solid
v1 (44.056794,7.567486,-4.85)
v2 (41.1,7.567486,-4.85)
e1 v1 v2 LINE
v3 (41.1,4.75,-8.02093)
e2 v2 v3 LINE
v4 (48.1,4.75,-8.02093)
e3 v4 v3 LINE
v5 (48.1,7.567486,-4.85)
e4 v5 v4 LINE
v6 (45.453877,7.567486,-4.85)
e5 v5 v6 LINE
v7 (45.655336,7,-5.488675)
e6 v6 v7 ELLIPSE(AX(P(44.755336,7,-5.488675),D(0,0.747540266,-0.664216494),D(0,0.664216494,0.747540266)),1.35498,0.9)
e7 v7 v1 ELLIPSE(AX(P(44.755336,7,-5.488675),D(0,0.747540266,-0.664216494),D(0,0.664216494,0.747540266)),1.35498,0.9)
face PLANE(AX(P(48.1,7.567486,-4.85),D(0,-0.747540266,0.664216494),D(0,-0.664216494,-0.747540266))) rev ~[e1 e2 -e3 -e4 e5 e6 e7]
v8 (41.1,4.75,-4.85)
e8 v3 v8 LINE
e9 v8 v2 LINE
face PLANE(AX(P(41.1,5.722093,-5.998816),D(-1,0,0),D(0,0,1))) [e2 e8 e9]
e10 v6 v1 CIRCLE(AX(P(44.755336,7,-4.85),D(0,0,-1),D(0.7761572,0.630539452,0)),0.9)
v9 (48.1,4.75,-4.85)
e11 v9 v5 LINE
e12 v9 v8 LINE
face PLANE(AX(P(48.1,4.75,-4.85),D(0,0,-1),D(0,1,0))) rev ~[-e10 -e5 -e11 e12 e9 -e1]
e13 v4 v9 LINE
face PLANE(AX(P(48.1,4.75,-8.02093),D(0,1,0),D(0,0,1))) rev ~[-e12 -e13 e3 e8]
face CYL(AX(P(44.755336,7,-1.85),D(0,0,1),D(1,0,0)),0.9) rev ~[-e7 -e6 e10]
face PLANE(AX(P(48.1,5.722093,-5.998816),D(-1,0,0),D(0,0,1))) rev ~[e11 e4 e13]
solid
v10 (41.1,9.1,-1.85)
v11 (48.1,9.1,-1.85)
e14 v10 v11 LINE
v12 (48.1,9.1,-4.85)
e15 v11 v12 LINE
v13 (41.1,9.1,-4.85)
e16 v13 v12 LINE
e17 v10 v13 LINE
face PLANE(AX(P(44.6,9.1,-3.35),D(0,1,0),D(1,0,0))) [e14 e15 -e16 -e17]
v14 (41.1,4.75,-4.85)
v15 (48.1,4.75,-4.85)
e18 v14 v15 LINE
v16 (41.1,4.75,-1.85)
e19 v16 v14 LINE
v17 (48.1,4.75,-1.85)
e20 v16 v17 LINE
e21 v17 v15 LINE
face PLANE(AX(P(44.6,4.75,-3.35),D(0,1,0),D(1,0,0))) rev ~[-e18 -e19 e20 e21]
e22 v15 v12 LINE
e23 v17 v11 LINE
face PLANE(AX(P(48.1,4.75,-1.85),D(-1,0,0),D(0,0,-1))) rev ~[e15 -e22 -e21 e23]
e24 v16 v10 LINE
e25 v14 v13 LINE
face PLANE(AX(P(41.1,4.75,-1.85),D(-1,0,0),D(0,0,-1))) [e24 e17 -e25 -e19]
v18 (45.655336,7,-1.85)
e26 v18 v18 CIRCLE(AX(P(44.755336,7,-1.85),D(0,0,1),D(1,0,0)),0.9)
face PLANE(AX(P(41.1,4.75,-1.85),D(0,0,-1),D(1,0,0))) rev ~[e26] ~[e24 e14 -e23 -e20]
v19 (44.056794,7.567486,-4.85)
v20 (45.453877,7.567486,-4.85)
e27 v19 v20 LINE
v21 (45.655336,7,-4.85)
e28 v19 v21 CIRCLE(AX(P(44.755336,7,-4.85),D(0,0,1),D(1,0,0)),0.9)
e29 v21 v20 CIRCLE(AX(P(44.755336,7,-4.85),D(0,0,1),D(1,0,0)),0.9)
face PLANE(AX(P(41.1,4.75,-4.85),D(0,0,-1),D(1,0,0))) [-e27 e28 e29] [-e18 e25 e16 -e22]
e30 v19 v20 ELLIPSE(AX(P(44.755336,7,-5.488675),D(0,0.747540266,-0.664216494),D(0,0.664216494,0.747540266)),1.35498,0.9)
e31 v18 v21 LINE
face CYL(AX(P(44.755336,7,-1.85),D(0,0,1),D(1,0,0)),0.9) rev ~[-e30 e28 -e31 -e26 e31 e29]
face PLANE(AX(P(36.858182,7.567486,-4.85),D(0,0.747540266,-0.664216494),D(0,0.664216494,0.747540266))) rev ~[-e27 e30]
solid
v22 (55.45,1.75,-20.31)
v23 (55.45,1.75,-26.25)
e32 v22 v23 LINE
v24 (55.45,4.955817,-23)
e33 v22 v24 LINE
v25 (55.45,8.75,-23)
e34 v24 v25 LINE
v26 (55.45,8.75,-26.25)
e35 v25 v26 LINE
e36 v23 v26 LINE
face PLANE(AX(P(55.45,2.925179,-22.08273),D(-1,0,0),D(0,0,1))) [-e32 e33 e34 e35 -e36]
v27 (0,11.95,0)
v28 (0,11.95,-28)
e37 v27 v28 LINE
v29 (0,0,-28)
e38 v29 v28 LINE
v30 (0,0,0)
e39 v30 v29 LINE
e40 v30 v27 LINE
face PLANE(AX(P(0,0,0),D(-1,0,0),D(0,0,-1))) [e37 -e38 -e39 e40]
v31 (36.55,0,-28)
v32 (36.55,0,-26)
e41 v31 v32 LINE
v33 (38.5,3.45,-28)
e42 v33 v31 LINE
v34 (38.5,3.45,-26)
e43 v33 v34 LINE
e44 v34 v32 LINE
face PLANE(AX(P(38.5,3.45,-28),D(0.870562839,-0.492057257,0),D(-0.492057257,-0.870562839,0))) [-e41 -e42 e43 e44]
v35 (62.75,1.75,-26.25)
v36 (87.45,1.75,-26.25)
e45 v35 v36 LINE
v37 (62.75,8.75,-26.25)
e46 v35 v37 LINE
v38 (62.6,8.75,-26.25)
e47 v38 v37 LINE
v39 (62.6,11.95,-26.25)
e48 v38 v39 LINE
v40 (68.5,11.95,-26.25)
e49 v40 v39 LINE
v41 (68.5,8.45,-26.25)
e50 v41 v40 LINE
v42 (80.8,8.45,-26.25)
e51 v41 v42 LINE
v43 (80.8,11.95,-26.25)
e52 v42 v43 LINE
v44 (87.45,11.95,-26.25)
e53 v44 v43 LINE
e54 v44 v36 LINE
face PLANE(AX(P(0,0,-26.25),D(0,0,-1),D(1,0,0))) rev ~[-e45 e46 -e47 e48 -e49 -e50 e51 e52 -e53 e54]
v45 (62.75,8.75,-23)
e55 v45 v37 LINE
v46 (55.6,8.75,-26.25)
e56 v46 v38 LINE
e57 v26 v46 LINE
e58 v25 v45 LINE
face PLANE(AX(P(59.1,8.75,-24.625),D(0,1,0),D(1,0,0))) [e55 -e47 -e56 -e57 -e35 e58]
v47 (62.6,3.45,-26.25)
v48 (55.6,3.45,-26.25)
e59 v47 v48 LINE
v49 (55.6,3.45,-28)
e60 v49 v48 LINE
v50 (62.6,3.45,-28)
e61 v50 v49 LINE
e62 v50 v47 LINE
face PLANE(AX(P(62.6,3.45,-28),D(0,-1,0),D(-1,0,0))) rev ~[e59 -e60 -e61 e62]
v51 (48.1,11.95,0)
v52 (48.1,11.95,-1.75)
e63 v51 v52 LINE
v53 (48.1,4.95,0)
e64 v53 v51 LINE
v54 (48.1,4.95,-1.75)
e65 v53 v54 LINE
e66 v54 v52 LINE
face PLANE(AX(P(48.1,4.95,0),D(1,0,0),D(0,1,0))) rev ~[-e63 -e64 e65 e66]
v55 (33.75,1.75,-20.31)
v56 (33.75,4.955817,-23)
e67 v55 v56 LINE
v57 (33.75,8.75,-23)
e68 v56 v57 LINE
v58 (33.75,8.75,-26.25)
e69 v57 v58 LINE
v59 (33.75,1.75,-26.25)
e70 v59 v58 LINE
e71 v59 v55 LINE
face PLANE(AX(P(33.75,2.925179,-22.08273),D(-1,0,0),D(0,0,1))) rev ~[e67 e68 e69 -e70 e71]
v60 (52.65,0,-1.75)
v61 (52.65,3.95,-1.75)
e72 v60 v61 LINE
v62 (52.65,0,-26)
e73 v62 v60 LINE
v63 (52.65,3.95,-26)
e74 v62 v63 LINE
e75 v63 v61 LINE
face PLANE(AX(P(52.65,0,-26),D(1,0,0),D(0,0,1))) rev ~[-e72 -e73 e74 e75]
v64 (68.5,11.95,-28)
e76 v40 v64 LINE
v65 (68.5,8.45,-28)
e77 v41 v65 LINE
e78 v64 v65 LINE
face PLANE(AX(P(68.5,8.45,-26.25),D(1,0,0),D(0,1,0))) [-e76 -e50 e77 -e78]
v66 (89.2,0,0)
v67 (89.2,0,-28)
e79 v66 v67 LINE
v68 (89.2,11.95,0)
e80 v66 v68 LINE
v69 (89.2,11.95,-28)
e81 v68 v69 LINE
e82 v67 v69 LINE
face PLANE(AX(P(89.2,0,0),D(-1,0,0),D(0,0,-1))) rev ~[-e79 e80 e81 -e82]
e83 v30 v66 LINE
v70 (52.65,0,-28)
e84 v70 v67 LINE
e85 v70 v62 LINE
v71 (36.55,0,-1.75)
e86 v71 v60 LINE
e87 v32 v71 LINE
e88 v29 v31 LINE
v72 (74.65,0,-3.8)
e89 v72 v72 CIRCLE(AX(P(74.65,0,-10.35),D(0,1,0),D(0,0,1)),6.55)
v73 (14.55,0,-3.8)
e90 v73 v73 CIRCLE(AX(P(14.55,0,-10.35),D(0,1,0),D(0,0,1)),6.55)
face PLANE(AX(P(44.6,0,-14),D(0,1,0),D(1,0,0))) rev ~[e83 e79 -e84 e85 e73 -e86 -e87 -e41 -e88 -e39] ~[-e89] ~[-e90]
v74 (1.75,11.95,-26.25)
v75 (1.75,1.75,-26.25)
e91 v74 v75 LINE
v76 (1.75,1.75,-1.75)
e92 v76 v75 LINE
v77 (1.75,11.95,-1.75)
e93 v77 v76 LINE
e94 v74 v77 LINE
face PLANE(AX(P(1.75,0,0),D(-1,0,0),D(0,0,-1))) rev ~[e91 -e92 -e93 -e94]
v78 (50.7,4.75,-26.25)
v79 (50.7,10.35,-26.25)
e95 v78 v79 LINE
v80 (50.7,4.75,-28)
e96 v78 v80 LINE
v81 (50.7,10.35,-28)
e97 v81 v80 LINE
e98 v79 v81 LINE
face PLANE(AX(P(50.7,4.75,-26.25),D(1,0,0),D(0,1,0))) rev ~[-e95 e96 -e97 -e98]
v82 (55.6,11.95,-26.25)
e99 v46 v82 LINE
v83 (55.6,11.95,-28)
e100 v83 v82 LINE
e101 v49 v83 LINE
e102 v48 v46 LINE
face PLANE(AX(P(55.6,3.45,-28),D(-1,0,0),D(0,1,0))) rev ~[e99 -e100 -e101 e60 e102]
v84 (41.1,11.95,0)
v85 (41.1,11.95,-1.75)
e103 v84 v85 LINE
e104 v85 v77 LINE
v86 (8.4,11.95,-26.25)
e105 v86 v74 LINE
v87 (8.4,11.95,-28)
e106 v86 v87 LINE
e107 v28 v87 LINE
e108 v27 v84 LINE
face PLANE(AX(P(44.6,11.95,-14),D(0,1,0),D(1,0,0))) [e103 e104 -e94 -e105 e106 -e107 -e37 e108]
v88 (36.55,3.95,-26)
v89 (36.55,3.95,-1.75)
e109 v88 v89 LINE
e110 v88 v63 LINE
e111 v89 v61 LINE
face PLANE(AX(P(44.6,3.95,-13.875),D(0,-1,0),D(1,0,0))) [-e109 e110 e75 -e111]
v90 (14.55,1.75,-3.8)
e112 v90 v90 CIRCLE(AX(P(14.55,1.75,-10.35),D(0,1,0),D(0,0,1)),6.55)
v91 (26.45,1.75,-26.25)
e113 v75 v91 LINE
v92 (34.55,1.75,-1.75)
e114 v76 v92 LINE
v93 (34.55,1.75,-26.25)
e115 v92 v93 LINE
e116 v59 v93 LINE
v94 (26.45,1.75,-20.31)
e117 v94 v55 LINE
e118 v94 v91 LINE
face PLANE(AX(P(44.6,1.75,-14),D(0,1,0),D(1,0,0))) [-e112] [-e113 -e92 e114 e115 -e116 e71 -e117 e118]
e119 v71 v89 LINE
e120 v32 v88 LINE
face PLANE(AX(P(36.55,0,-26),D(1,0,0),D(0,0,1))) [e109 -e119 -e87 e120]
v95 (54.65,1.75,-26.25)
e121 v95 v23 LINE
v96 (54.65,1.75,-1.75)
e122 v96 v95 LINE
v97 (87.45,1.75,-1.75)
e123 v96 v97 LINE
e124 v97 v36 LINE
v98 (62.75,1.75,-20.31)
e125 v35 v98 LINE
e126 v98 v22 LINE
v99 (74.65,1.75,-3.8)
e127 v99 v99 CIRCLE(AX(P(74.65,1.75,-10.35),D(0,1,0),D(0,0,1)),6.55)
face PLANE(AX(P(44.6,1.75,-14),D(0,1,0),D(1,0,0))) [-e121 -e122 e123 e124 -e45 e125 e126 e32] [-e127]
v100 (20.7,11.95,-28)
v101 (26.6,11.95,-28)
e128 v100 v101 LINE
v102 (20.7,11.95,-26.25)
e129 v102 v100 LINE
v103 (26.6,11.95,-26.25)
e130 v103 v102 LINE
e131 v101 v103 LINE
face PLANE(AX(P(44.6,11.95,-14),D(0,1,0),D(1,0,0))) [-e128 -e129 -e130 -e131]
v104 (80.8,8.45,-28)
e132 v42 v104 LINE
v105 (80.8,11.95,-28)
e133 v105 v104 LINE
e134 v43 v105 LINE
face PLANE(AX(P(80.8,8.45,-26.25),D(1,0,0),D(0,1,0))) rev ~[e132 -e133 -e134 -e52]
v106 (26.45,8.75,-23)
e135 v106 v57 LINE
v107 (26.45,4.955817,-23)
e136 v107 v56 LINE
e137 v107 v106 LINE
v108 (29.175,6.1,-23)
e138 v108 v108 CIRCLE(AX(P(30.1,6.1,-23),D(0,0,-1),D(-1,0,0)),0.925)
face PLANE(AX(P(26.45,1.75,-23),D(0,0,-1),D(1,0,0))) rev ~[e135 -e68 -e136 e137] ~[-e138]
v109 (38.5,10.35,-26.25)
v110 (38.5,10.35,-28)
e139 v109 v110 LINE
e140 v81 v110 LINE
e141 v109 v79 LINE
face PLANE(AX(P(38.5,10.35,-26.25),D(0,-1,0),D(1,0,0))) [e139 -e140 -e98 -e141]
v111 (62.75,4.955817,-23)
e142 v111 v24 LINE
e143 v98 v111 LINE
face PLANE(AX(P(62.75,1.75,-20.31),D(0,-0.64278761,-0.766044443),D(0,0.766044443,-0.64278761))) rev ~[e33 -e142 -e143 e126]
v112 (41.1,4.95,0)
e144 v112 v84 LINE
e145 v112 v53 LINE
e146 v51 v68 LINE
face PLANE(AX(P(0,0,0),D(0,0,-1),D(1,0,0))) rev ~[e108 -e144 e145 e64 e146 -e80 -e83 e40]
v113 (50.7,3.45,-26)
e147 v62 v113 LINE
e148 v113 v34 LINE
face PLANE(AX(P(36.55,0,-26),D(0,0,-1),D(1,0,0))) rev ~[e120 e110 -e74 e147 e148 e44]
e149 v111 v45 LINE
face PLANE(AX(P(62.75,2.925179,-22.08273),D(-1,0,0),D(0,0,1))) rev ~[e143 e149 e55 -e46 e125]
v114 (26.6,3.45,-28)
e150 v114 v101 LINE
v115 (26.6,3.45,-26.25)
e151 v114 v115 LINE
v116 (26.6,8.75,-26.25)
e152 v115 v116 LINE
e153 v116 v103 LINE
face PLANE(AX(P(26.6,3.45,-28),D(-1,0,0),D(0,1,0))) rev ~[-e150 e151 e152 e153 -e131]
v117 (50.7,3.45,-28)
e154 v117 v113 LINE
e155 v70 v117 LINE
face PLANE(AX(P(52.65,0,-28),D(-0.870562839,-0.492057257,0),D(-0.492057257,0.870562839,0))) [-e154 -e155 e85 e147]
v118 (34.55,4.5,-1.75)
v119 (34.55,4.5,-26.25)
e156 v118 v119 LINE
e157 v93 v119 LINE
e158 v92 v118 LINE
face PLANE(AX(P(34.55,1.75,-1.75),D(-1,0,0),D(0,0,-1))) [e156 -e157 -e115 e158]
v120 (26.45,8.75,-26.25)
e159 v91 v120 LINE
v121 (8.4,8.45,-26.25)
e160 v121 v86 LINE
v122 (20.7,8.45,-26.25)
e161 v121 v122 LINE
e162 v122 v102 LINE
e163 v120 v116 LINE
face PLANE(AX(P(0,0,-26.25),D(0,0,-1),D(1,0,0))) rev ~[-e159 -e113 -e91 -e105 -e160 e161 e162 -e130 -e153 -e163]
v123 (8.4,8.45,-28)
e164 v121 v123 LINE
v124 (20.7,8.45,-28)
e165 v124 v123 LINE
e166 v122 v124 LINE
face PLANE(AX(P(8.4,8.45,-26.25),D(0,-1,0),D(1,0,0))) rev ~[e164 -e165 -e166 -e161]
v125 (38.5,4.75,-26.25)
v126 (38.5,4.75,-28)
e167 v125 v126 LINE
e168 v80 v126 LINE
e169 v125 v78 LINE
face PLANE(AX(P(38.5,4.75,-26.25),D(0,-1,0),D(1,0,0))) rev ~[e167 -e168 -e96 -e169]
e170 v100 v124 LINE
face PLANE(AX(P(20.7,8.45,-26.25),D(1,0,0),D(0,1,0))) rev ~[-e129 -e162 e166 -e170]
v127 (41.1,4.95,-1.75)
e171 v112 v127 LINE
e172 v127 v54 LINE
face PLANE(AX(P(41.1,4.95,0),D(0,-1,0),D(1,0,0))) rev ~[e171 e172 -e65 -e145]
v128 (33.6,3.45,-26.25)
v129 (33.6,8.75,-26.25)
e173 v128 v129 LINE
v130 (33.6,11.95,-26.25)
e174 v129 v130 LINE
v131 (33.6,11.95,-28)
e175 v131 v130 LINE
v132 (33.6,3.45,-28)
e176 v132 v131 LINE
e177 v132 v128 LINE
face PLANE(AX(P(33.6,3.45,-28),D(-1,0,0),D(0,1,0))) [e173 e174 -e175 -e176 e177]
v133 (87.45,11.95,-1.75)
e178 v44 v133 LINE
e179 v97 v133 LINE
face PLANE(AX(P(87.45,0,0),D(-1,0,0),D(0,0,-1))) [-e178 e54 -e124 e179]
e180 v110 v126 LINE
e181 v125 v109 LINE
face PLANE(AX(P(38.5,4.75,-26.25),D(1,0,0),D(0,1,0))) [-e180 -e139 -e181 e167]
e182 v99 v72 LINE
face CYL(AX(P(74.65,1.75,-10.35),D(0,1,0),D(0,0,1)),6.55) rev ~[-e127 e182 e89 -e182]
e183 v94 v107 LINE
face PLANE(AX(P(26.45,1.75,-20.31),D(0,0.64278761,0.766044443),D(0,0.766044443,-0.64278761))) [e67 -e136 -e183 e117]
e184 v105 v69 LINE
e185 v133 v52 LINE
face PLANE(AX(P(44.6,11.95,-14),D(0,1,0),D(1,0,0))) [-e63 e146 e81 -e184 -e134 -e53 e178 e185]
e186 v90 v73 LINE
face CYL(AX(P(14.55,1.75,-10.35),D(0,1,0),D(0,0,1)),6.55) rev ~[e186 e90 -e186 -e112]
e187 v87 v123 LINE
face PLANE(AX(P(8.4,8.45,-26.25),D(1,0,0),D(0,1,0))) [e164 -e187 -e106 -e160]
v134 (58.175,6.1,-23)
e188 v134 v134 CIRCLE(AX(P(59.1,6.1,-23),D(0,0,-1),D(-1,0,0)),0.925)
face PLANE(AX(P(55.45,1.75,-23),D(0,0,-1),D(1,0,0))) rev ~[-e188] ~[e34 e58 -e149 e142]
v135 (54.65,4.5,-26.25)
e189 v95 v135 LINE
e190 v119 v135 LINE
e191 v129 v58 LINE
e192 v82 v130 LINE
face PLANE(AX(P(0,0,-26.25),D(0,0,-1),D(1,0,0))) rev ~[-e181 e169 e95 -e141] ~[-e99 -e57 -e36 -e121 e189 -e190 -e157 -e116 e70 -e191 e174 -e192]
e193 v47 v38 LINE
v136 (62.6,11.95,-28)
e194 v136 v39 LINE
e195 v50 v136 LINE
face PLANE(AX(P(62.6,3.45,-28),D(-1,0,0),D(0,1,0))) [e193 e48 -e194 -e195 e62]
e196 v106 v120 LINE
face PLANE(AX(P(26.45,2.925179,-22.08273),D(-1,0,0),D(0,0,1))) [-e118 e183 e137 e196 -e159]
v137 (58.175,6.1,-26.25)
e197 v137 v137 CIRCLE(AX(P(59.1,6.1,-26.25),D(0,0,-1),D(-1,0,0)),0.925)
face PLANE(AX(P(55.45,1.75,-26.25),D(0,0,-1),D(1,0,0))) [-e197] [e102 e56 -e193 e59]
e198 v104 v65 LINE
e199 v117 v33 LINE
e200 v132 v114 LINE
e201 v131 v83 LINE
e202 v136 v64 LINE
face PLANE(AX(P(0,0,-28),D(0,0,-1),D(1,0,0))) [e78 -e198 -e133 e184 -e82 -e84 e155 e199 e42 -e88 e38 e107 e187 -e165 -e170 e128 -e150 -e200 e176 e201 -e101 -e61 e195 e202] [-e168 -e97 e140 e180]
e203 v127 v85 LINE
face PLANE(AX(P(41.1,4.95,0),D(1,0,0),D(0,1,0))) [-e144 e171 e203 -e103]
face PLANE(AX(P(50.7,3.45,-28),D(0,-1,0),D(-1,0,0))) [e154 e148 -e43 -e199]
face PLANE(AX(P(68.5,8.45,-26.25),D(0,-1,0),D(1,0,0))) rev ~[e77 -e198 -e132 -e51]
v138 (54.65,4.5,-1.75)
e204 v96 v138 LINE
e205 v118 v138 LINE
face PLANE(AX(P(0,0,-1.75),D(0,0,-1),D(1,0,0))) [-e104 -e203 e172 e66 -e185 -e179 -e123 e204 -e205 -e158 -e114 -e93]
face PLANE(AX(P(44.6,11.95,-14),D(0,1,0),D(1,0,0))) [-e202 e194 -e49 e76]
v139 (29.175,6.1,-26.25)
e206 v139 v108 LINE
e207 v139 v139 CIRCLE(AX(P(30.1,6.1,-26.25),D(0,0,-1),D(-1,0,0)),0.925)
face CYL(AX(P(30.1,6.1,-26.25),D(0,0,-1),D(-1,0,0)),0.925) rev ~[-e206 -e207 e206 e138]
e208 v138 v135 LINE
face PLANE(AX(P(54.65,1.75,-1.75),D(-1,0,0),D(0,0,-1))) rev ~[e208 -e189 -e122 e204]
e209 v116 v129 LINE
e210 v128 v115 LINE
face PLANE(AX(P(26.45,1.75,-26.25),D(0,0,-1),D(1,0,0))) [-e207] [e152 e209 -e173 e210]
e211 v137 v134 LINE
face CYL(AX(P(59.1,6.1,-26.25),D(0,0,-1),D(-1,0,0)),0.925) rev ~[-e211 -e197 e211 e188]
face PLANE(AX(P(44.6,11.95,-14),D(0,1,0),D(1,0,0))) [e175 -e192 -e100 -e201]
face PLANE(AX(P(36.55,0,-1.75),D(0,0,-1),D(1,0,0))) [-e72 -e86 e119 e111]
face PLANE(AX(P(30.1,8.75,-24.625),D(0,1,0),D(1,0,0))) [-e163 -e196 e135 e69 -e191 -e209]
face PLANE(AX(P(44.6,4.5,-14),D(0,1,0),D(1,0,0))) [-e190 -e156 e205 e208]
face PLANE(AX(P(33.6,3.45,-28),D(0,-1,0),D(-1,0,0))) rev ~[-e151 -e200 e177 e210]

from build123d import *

# Parameters (mm, degrees)
SKETCH1_W            = 89.2
SKETCH1_H            = 28
BOSS_EXTRUDE1_DEPTH  = 11.95
SHELL1_T             = -1.75
SKETCH2_R            = 6.55
CUT_EXTRUDE1_DEPTH   = 95.04615888
SKETCH3_W            = 12.3
SKETCH3_H            = 3.5
CUT_EXTRUDE2_DEPTH   = 11.95
SKETCH4_W            = 12.2
SKETCH4_H            = 5.6
CUT_EXTRUDE3_DEPTH   = 11.95
SKETCH5_W            = 20.1
SKETCH5_H            = 24.5
BOSS_EXTRUDE2_DEPTH  = 2.75
SKETCH6_W            = 16.1
SKETCH6_H            = 24.25
CUT_EXTRUDE4_DEPTH   = 3.95
CUT_EXTRUDE6_DEPTH   = 2
CUT_EXTRUDE10_REACH  = 96.252
SKETCH14_W           = 7
SKETCH14_H           = 7
SKETCH15_W           = 7
SKETCH15_H           = 3
BOSS_EXTRUDE3_DEPTH  = 4.35
BOSS_EXTRUDE5_DEPTH  = 7
SKETCH17_W           = 7
SKETCH17_H           = 8.5
CUT_EXTRUDE11_DEPTH  = 1.75
SKETCH18_W           = 7.3
SKETCH18_H           = 3.25
BOSS_EXTRUDE6_DEPTH  = 7
SKETCH20_R           = 0.925
CUT_EXTRUDE12_DEPTH  = 3.25
CUT_EXTRUDE14_REACH  = 95.719
SKETCH26_R           = 0.9
BOSS_EXTRUDE9_DEPTH  = 7.3
BOSS_EXTRUDE10_DEPTH = 7.3


with BuildPart() as part:
    # Sketch1 → Boss-Extrude1 (new body)
    with BuildSketch(Plane(origin=(0, 0, 0), x_dir=(1, 0, 0), z_dir=(0, 1, 0))):
        with Locations((44.6, 14)):
            Rectangle(SKETCH1_W, SKETCH1_H)
    extrude(amount=BOSS_EXTRUDE1_DEPTH)

    # Shell1
    shell1_openings = [part.faces().sort_by_distance(p)[0] for p in [
        (44.6, 11.95, -14),
    ]]
    offset(amount=SHELL1_T, openings=shell1_openings, kind=Kind.INTERSECTION)

    # Sketch2 → Cut-Extrude1 (cut, through all)
    with BuildSketch(Plane(origin=(0, 1.75, 0), x_dir=(1, 0, 0), z_dir=(0, 1, 0))):
        with Locations(Location((14.55, 10.35, 0), (0, 0, 270))):
            Circle(SKETCH2_R)
        with Locations(Location((74.65, 10.35, 0), (0, 0, 270))):
            Circle(SKETCH2_R)
    extrude(amount=-CUT_EXTRUDE1_DEPTH, mode=Mode.SUBTRACT)

    # Sketch3 → Cut-Extrude2 (cut)
    with BuildSketch(Plane.XY.offset(-26.25)):
        with Locations((14.55, 10.2)):
            Rectangle(SKETCH3_W, SKETCH3_H)
        with Locations((74.65, 10.2)):
            Rectangle(SKETCH3_W, SKETCH3_H)
    extrude(amount=-CUT_EXTRUDE2_DEPTH, mode=Mode.SUBTRACT)

    # Sketch4 → Cut-Extrude3 (cut)
    with BuildSketch(Plane.XY.offset(-26.25)):
        with Locations((44.6, 7.55)):
            Rectangle(SKETCH4_W, SKETCH4_H)
    extrude(amount=-CUT_EXTRUDE3_DEPTH, mode=Mode.SUBTRACT)

    # Sketch5 → Boss-Extrude2 (add)
    with BuildSketch(Plane(origin=(0, 1.75, 0), x_dir=(1, 0, 0), z_dir=(0, 1, 0))):
        with Locations((44.6, 14)):
            Rectangle(SKETCH5_W, SKETCH5_H)
    extrude(amount=BOSS_EXTRUDE2_DEPTH)

    # Sketch6 → Cut-Extrude4 (cut)
    with BuildSketch(Plane.XZ):
        with Locations((44.6, -13.875)):
            Rectangle(SKETCH6_W, SKETCH6_H)
    extrude(amount=-CUT_EXTRUDE4_DEPTH, mode=Mode.SUBTRACT)

    # Sketch8 → Cut-Extrude6 (cut)
    with BuildSketch(Plane(origin=(0, 0, -28), x_dir=(-1, 0, 0), z_dir=(0, 0, -1))):
        Polygon((-50.7, 3.45), (-38.5, 3.45), (-36.55, 0), (-52.65, 0), align=None)
    extrude(amount=-CUT_EXTRUDE6_DEPTH, mode=Mode.SUBTRACT)

    # Sketch14 → Cut-Extrude10 (cut, up to next)
    with BuildSketch(Plane.XY, mode=Mode.PRIVATE) as cut_extrude10_sk1:
        with Locations((44.6, 8.45)):
            Rectangle(SKETCH14_W, SKETCH14_H)
    cut_extrude10_tool1 = extrude(cut_extrude10_sk1.sketch, amount=-CUT_EXTRUDE10_REACH, mode=Mode.PRIVATE) & part.part
    add(cut_extrude10_tool1.solids().sort_by_distance((44.6, 8.45, 0))[0], mode=Mode.SUBTRACT)

    # Sketch17 → Cut-Extrude11 (cut)
    with BuildSketch(Plane(origin=(0, 0, -28), x_dir=(-1, 0, 0), z_dir=(0, 0, -1))):
        with Locations((-59.1, 7.7)):
            Rectangle(SKETCH17_W, SKETCH17_H)
        with Locations((-30.1, 7.7)):
            Rectangle(SKETCH17_W, SKETCH17_H)
    extrude(amount=-CUT_EXTRUDE11_DEPTH, mode=Mode.SUBTRACT)

    # Sketch18 → Boss-Extrude6 (add)
    with BuildSketch(Plane(origin=(0, 1.75, 0), x_dir=(1, 0, 0), z_dir=(0, 1, 0))):
        with Locations((59.1, 24.625)):
            Rectangle(SKETCH18_W, SKETCH18_H)
        with Locations((30.1, 24.625)):
            Rectangle(SKETCH18_W, SKETCH18_H)
    extrude(amount=BOSS_EXTRUDE6_DEPTH)

    # Sketch20 → Cut-Extrude12 (cut)
    with BuildSketch(Plane(origin=(0, 0, -26.25), x_dir=(-1, 0, 0), z_dir=(0, 0, -1))):
        with Locations((-59.1, 6.1)):
            Circle(SKETCH20_R)
        with Locations((-30.1, 6.1)):
            Circle(SKETCH20_R)
    extrude(amount=-CUT_EXTRUDE12_DEPTH, mode=Mode.SUBTRACT)

    # Sketch27 → Boss-Extrude9 (add)
    with BuildSketch(Plane.ZY.offset(-26.45)):
        Polygon((-23, 1.75), (-20.31, 1.75), (-23, 4.955817164), align=None)
    extrude(amount=-BOSS_EXTRUDE9_DEPTH)

    # Sketch28 → Boss-Extrude10 (add)
    with BuildSketch(Plane(origin=(62.75, 0, 0), x_dir=(0, 0, -1), z_dir=(1, 0, 0))):
        Polygon((23, 1.75), (20.31, 1.75), (23, 4.955817164), align=None)
    extrude(amount=-BOSS_EXTRUDE10_DEPTH)


with BuildPart() as body_2:
    # Sketch15 → Boss-Extrude3 (new body)
    with BuildSketch(Plane(origin=(0, 4.75, 0), x_dir=(1, 0, 0), z_dir=(0, 1, 0))):
        with Locations((44.6, 3.35)):
            Rectangle(SKETCH15_W, SKETCH15_H)
    extrude(amount=BOSS_EXTRUDE3_DEPTH)


with BuildPart() as body_3:
    # Sketch16 → Boss-Extrude5 (new body)
    with BuildSketch(Plane(origin=(48.1, 0, 0), x_dir=(0, 0, -1), z_dir=(1, 0, 0))):
        Polygon((4.85, 7.567485507), (8.020929785, 4.75), (4.85, 4.75), align=None)
    extrude(amount=-BOSS_EXTRUDE5_DEPTH)


with BuildPart() as cut_extrude14_tool:
    # Cut-Extrude14: up to this plane
    cut_extrude14_end = Plane(origin=(36.85818196, 7.567485507, -4.85), z_dir=(0, 0.7475402658182556, -0.6642164940592575))
    # Sketch26 → Cut-Extrude14 (new, up to the surface)
    with BuildSketch(Plane.XY.offset(-1.85), mode=Mode.PRIVATE) as cut_extrude14_sk1:
        with Locations((44.755335946, 7)):
            Circle(SKETCH26_R)
    cut_extrude14_tool1 = split(extrude(cut_extrude14_sk1.sketch, amount=-CUT_EXTRUDE14_REACH, mode=Mode.PRIVATE), bisect_by=cut_extrude14_end, keep=Keep.BOTH, mode=Mode.PRIVATE)
    add(cut_extrude14_tool1.solids().sort_by_distance((44.755336, 7, -1.85))[0])


with BuildPart() as body_2_1:
    add(body_2.part)

    # Cut-Extrude14: cut by cut_extrude14_tool
    add(cut_extrude14_tool.part, mode=Mode.SUBTRACT)


with BuildPart() as body_3_1:
    add(body_3.part)

    # Cut-Extrude14: cut by cut_extrude14_tool
    add(cut_extrude14_tool.part, mode=Mode.SUBTRACT)


solid = Compound([part.part, body_2_1.part, body_3_1.part])
